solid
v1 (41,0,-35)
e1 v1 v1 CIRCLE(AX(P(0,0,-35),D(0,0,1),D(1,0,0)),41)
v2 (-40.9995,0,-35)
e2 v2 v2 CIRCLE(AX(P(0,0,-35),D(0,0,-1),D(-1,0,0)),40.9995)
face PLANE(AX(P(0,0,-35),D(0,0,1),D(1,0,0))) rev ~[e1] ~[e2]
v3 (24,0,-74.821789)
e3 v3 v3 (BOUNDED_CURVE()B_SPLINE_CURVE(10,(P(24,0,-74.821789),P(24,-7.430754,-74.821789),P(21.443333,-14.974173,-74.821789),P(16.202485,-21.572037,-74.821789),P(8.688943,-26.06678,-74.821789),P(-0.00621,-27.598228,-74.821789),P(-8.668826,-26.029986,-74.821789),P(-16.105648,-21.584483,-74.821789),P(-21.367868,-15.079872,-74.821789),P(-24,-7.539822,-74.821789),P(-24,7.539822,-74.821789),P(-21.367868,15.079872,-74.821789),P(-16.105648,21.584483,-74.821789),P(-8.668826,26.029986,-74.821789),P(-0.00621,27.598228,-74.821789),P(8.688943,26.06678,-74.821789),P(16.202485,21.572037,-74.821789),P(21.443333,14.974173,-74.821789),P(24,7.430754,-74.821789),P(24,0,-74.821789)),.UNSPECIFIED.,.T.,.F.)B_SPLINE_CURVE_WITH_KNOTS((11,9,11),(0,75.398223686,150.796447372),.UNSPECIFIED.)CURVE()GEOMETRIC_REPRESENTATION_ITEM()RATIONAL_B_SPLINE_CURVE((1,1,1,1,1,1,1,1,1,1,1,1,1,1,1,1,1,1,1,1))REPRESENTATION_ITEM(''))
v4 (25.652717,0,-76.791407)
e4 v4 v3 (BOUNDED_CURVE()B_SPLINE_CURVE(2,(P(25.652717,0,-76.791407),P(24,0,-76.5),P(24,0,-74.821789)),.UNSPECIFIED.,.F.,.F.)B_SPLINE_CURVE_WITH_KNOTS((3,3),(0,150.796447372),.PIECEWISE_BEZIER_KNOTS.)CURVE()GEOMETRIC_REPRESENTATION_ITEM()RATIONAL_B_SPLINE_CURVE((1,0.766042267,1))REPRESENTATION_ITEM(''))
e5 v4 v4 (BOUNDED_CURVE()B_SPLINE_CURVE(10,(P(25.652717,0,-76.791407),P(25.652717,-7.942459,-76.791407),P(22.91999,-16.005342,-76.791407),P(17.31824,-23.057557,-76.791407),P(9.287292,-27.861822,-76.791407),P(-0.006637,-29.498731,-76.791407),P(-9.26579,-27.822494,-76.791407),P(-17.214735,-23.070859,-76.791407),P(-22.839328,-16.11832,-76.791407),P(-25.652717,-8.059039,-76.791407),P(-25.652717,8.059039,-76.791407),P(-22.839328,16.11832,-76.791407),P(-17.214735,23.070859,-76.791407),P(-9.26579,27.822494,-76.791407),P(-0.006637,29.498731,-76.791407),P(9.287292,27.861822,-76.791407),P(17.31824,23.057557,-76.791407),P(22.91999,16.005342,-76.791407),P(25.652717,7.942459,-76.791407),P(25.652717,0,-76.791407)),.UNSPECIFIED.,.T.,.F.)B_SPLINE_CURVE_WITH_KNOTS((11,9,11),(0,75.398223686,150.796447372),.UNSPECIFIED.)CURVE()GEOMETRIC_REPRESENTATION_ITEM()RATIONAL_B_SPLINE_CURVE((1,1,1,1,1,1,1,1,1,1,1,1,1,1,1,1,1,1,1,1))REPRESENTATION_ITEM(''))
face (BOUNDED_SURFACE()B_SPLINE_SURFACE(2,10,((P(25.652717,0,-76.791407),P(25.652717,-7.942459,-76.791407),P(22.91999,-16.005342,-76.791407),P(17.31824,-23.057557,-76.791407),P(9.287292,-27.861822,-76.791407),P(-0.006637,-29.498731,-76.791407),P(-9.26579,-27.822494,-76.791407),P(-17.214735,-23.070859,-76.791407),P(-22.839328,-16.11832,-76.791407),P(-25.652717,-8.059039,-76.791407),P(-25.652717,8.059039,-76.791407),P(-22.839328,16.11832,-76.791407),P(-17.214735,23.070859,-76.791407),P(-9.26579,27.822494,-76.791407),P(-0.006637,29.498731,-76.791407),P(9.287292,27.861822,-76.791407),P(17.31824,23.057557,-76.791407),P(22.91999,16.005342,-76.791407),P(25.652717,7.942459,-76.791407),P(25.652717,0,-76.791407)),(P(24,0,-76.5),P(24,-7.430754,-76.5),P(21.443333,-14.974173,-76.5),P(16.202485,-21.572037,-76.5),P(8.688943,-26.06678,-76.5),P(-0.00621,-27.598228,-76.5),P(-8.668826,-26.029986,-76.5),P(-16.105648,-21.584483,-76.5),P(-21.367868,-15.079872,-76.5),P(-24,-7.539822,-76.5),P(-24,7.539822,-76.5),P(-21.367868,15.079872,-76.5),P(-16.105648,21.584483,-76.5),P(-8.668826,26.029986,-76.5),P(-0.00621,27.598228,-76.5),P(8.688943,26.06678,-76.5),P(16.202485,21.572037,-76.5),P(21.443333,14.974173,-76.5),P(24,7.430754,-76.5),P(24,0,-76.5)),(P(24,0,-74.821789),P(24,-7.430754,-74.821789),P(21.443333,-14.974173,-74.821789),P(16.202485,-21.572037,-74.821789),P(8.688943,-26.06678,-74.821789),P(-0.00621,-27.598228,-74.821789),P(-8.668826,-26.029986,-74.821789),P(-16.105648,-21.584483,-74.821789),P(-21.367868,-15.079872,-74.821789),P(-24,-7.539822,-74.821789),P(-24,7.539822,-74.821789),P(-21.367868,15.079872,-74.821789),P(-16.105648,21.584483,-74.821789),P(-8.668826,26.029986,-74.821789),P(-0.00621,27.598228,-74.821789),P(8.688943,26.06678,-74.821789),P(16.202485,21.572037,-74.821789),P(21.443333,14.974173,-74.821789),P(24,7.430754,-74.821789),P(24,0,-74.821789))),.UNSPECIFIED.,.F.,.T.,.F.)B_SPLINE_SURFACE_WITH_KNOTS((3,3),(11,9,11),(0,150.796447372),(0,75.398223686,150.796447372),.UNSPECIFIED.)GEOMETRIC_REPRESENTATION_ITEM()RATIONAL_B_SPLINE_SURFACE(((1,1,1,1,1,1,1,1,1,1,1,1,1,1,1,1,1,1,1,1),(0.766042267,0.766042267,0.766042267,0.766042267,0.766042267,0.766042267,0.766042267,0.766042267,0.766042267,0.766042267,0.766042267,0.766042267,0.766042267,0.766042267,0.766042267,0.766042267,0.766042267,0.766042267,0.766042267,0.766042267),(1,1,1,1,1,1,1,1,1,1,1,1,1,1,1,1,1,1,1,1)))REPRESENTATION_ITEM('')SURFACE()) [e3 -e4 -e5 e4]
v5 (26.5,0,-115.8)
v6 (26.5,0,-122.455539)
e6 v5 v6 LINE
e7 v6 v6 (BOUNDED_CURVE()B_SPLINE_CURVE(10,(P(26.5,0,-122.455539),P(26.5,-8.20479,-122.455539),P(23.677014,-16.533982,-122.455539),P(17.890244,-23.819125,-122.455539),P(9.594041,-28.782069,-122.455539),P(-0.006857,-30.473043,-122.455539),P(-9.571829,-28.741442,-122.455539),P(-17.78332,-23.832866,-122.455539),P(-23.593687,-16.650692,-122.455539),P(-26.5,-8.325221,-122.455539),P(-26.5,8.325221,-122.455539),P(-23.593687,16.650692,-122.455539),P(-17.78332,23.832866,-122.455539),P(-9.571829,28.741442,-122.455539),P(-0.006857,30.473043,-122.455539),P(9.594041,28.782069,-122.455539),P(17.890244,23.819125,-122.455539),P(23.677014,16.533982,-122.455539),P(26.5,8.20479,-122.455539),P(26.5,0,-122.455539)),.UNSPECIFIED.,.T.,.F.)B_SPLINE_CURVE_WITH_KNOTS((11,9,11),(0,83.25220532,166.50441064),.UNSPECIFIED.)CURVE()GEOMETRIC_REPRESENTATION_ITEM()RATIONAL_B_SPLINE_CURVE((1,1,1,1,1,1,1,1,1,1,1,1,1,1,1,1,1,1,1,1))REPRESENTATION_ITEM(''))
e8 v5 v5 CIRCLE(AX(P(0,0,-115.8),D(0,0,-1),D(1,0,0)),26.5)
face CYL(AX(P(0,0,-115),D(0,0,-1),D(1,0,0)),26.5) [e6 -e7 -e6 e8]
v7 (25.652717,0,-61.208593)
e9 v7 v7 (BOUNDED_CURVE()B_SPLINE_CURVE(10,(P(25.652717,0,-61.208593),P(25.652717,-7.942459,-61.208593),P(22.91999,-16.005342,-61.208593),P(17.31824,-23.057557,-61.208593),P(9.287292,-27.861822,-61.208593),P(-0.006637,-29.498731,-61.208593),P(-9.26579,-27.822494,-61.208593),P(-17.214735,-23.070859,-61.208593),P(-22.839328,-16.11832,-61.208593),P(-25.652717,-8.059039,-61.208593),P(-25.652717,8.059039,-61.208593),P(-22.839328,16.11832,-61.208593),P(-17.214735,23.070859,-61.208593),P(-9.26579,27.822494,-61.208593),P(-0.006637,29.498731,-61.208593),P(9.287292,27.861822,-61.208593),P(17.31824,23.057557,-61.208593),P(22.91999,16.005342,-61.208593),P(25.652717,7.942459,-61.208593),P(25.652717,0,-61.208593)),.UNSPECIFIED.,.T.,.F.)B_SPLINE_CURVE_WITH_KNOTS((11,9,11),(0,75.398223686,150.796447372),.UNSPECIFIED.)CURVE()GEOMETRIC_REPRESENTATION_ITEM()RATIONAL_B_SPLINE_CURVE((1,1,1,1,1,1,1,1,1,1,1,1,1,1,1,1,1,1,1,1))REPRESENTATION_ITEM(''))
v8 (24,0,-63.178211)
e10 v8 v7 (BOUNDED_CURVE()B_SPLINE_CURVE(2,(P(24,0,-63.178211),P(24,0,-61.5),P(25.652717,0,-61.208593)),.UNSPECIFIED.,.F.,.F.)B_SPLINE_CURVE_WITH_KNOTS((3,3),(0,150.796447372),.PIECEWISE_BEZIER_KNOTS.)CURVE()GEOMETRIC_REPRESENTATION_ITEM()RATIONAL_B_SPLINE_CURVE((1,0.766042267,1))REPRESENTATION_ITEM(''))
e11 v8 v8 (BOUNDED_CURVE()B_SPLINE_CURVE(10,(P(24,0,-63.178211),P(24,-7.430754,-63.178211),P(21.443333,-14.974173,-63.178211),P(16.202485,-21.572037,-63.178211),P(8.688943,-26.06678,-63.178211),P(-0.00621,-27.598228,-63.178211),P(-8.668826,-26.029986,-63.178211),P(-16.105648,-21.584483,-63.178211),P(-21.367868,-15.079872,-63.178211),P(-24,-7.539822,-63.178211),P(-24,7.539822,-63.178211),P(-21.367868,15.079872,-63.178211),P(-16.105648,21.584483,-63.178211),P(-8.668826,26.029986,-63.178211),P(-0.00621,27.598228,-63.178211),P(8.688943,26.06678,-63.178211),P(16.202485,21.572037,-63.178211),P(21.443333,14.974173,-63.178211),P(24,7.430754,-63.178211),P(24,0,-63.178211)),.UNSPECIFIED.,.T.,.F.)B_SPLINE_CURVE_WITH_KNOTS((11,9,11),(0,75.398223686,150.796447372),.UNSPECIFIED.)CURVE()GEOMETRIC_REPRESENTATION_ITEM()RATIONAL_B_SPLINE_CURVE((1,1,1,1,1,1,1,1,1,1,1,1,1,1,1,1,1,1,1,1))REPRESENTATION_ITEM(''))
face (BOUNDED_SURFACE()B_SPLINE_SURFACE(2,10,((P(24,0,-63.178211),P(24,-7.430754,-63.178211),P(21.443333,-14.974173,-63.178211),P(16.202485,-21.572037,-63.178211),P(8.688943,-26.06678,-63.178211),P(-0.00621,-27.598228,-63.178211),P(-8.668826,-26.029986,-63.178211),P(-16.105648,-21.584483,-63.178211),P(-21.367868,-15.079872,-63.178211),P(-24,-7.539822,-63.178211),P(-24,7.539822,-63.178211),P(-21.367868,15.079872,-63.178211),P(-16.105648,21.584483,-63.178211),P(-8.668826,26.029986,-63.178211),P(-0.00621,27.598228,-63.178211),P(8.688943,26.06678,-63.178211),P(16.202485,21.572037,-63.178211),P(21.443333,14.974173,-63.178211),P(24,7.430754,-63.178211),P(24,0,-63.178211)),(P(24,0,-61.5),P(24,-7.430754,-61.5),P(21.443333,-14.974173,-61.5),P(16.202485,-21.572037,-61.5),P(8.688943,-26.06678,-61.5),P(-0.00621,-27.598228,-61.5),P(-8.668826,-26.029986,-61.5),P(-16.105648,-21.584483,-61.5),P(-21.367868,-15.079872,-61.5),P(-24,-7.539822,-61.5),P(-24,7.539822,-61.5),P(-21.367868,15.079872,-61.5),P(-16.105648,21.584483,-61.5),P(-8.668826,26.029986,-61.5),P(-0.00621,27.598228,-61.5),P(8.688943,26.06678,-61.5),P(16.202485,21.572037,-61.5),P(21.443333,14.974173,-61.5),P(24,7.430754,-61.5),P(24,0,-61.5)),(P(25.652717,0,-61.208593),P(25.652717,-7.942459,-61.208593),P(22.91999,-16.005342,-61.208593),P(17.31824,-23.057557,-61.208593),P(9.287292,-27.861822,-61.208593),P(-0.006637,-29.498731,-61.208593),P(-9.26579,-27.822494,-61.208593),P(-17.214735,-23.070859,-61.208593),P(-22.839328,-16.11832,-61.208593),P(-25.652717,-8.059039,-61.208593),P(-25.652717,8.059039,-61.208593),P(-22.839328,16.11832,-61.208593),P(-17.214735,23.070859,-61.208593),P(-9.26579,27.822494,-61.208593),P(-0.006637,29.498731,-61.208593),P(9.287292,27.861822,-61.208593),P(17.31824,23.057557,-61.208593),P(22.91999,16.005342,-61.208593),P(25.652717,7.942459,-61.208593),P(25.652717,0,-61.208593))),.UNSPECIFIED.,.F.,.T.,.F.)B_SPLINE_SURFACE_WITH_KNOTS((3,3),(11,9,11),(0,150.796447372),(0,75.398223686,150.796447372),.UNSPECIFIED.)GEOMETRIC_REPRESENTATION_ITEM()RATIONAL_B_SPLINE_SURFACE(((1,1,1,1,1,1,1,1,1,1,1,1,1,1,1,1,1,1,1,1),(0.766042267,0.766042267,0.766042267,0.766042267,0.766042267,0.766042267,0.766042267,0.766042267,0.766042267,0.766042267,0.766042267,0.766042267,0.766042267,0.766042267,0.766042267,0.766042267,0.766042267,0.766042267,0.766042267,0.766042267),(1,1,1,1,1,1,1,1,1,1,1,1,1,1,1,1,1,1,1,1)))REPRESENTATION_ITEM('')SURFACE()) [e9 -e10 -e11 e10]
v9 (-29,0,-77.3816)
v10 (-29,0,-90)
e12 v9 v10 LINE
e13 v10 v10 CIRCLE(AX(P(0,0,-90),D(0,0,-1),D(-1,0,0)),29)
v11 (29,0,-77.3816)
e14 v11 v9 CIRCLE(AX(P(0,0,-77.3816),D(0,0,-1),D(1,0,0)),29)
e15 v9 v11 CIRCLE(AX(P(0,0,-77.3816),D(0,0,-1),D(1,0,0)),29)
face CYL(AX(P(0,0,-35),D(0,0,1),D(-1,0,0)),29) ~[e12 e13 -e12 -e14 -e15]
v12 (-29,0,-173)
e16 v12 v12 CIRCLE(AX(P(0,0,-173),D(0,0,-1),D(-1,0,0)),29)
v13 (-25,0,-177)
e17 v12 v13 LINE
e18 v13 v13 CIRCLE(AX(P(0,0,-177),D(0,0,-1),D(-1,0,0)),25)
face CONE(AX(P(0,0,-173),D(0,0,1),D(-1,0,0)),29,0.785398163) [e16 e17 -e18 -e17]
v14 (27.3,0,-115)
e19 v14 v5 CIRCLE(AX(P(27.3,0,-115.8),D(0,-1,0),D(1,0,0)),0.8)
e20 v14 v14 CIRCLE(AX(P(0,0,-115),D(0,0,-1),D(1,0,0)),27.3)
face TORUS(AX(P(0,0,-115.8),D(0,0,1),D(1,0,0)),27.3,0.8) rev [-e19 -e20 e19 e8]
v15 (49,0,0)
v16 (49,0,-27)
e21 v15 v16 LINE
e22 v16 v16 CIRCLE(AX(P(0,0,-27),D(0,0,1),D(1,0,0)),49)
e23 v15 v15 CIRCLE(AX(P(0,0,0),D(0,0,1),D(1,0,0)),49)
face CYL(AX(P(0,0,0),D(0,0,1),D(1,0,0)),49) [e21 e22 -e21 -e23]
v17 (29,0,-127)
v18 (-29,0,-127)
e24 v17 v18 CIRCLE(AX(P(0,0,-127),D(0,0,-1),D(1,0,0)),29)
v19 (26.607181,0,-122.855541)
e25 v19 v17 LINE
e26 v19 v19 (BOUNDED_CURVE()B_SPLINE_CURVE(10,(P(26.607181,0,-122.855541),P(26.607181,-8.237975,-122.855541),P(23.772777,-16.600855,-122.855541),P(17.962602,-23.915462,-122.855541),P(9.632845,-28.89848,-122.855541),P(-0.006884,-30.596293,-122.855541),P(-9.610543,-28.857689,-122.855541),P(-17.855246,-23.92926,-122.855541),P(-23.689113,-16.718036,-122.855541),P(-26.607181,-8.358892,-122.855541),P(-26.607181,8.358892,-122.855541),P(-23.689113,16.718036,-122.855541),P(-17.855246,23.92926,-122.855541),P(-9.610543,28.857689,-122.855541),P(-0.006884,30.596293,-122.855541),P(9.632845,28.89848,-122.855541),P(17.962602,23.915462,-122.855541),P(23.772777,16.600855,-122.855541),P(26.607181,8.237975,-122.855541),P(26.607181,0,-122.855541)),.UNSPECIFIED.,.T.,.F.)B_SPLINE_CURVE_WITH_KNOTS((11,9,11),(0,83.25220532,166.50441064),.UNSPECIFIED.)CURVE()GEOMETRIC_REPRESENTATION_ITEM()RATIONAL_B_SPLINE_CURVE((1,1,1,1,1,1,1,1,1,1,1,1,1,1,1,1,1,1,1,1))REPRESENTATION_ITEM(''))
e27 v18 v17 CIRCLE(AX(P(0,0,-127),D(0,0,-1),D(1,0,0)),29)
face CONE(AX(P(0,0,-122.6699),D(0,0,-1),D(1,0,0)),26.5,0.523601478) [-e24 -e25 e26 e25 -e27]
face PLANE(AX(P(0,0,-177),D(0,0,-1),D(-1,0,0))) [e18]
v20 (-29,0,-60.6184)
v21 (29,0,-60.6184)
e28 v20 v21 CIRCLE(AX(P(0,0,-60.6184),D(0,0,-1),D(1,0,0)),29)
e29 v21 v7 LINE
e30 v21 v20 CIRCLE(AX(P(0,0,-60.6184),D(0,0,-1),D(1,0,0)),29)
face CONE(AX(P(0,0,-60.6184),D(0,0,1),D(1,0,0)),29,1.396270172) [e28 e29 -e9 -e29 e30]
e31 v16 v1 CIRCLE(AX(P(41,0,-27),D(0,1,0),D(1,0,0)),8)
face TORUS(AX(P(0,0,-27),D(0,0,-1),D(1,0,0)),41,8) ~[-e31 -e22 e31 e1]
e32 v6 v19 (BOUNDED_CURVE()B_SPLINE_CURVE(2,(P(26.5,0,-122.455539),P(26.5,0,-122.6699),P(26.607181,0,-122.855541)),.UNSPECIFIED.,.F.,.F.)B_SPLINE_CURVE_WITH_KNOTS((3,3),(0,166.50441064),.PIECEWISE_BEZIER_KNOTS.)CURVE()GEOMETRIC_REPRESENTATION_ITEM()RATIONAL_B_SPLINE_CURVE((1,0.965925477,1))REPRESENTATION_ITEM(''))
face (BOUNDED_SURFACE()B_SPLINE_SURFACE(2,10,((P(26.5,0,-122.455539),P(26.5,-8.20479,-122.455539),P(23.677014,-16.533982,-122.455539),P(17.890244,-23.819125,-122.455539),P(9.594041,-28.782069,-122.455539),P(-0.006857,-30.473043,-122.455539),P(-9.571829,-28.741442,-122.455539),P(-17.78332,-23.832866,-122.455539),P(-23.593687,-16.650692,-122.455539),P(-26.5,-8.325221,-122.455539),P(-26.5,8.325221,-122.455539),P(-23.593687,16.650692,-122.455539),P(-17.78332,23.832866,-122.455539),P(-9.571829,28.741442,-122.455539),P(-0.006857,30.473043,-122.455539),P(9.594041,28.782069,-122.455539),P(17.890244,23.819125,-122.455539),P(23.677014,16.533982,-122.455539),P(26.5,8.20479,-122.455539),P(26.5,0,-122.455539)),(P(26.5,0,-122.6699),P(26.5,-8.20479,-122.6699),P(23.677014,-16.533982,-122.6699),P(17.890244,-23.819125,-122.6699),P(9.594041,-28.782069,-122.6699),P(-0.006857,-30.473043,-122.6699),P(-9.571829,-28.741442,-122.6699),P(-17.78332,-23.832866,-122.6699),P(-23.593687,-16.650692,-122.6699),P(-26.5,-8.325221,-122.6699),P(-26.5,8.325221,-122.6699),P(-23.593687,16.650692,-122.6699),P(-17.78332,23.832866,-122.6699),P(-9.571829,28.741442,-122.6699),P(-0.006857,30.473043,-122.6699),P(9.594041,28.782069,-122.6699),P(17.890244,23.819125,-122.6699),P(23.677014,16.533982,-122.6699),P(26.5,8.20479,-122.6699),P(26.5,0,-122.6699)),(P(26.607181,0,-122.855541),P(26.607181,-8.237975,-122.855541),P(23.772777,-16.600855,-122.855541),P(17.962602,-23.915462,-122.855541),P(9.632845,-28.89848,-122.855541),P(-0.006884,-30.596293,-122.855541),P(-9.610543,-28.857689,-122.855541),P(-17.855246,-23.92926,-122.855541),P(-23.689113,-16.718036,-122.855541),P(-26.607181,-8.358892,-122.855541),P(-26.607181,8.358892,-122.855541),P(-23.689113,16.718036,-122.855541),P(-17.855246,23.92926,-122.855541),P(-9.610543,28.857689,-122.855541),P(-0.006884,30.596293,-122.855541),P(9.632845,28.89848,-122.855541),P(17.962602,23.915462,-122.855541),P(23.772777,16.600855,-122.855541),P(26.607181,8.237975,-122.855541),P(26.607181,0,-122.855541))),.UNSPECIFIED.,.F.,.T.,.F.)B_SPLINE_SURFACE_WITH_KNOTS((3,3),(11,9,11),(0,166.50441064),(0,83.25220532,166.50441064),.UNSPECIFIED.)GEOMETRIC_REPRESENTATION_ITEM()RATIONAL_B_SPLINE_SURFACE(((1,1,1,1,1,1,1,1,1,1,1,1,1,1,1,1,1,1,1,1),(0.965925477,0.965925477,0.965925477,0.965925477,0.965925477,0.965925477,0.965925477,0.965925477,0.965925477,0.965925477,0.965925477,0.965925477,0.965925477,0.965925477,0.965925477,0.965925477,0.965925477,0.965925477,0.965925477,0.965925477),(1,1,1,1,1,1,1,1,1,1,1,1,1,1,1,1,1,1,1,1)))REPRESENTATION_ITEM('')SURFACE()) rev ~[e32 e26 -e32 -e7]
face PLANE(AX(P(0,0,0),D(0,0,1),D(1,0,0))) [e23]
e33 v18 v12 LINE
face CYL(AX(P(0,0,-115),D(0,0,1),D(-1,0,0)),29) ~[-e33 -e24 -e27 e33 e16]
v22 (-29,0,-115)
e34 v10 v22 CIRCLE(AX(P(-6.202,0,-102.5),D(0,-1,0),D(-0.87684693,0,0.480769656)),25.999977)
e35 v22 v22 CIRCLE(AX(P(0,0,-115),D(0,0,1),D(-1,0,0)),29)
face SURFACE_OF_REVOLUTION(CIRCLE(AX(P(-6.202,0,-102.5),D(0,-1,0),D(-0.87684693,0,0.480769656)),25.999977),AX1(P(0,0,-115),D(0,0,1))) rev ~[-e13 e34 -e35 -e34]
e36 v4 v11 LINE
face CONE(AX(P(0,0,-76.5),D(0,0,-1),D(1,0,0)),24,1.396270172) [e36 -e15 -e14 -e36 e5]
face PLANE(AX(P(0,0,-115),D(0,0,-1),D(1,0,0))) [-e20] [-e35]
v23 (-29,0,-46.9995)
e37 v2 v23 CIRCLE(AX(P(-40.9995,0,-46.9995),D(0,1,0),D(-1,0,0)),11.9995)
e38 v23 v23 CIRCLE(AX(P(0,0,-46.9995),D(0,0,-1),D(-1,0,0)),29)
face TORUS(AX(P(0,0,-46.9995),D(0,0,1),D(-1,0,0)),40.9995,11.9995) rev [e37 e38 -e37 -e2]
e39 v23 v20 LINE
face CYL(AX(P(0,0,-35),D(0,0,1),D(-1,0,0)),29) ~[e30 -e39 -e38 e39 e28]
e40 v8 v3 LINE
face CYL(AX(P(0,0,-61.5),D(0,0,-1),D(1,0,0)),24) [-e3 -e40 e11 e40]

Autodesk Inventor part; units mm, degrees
ref_plane "XZ Plane" through (0, 0, 0) normal (0, 1, 0) x (-1, 0, 0)
ref_plane "XY Plane" through (0, 0, 0) normal (0, 0, 1) x (1, 0, 0)
sketch "Szkic1" plane through (0, 0, 0) normal (0, 0, 1) x (1, 0, 0)
  circle A0 centre (0, 0) radius 49
  dimension "d0" = 98
extrude "Wyciągnięcie proste1" add sketch "Szkic1" against normal blind 35
sketch "Szkic2" plane through (0, 0, -35) normal (0, 0, -1) x (-1, 0, 0)
  circle A0 centre (0, 0) radius 29
  circle A1 centre (0, 0) radius 49 projected
  dimension "d3" = 58
extrude "Wyciągnięcie proste2" add sketch "Szkic2" along normal blind 55 contours A0
fillet "Zaokrąglenie1" radius 8 1 edges at (-49, 0, -35)
fillet "Zaokrąglenie2" radius 12 1 edges at (29, 0, -35)
ref_plane "Płaszczyzna konstrukcyjna1" through (0, 0, -35) normal (0, -1, 0) x (0, 0, -1)
sketch "Szkic3" plane through (0, 0, -35) normal (0, -1, 0) x (0, 0, -1)
  line L0 (12, -29) -> (55, -29) projected
  line L1 (55, -29) -> (55, 29) projected
  line L2 (55, -29) -> (80, -29) construction
  line L3 (67.5, -32.202) -> (67.5, 45.2604) construction
  arc A0 (55, -29) -> (80, -29) centre (67.5, -6.202) ccw
  line L4 (80, -29) -> (80, 0)
  line L5 (80, 0) -> (55, 0)
  point P0 (-35, 0)
  dimension "d9" = 25
  dimension "d10" = 12.5
  dimension "d11" = 26
revolve "Obrót1" add sketch "Szkic3" angle 360 about axis through (0, 0, -115) along (0, 0, 1)
sketch "Szkic4" plane through (0, 0, -115) normal (0, 0, -1) x (-1, 0, 0)
  circle A0 centre (0, 0) radius 29 projected
extrude "Wyciągnięcie proste3" add sketch "Szkic4" along normal blind 62
sketch "Szkic5" plane through (0, 0, -35) normal (0, -1, 0) x (0, 0, -1)
  line L0 (12, 29) -> (55, 29) projected
  line L1 (34, 66.9437) -> (34, -72.7347) construction
  line L2 (142, -29) -> (142, 29) projected
  line L3 (25.6184, 29) -> (26.5, 24)
  line L4 (26.5, 24) -> (41.5, 24)
  line L5 (41.5, 24) -> (42.3816, 29)
  line L6 (-70.4, 0) -> (177.4, 0) projected
  point P0 (-35, 0)
  dimension "d15" = 108
  dimension "d16" = 5
  dimension "d17" = 7.5
  dimension "d18" = 15
  dimension "d19" = 10
revolve "Obrót2" cut sketch "Szkic5" angle 360 about axis through (0, 0, -35) along (0, 0, -1)
fillet "Zaokrąglenie3" radius 2 1 edges at (-24, 0, -76.5)
fillet "Zaokrąglenie4" radius 2 1 edges at (-24, 0, -61.5)
sketch "Szkic6" plane through (0, 0, -35) normal (0, -1, 0) x (0, 0, -1)
  line L0 (80, 29) -> (142, 29) projected
  line L1 (80, 29) -> (80, -29) projected
  line L2 (80, 29) -> (142, 29) projected
  line L3 (80, 26.5) -> (87.6699, 26.5)
  line L4 (87.6699, 26.5) -> (92, 29)
  line L5 (-70.4, 0) -> (177.4, 0) projected
  point P0 (-35, 0)
  point P1 (83.8349, 26.5)
  dimension "d23" = 2.5
  dimension "d24" = 30
  dimension "d25" = 12
revolve "Obrót3" cut sketch "Szkic6" angle 360 about axis through (0, 0, -35) along (0, 0, -1)
fillet "Zaokrąglenie5" radius 0.8 1 edges at (-26.5, 0, -115)
fillet "Zaokrąglenie6" radius 0.8 1 edges at (-26.5, 0, -122.6699)
chamfer "Faza1" distance 4 angle 45 1 edges at (29, 0, -177)
thread "Gwint1" size "M58x3" class "6g" standard "ANSI Metric M Profile" full length
properties part number "walec W4"
